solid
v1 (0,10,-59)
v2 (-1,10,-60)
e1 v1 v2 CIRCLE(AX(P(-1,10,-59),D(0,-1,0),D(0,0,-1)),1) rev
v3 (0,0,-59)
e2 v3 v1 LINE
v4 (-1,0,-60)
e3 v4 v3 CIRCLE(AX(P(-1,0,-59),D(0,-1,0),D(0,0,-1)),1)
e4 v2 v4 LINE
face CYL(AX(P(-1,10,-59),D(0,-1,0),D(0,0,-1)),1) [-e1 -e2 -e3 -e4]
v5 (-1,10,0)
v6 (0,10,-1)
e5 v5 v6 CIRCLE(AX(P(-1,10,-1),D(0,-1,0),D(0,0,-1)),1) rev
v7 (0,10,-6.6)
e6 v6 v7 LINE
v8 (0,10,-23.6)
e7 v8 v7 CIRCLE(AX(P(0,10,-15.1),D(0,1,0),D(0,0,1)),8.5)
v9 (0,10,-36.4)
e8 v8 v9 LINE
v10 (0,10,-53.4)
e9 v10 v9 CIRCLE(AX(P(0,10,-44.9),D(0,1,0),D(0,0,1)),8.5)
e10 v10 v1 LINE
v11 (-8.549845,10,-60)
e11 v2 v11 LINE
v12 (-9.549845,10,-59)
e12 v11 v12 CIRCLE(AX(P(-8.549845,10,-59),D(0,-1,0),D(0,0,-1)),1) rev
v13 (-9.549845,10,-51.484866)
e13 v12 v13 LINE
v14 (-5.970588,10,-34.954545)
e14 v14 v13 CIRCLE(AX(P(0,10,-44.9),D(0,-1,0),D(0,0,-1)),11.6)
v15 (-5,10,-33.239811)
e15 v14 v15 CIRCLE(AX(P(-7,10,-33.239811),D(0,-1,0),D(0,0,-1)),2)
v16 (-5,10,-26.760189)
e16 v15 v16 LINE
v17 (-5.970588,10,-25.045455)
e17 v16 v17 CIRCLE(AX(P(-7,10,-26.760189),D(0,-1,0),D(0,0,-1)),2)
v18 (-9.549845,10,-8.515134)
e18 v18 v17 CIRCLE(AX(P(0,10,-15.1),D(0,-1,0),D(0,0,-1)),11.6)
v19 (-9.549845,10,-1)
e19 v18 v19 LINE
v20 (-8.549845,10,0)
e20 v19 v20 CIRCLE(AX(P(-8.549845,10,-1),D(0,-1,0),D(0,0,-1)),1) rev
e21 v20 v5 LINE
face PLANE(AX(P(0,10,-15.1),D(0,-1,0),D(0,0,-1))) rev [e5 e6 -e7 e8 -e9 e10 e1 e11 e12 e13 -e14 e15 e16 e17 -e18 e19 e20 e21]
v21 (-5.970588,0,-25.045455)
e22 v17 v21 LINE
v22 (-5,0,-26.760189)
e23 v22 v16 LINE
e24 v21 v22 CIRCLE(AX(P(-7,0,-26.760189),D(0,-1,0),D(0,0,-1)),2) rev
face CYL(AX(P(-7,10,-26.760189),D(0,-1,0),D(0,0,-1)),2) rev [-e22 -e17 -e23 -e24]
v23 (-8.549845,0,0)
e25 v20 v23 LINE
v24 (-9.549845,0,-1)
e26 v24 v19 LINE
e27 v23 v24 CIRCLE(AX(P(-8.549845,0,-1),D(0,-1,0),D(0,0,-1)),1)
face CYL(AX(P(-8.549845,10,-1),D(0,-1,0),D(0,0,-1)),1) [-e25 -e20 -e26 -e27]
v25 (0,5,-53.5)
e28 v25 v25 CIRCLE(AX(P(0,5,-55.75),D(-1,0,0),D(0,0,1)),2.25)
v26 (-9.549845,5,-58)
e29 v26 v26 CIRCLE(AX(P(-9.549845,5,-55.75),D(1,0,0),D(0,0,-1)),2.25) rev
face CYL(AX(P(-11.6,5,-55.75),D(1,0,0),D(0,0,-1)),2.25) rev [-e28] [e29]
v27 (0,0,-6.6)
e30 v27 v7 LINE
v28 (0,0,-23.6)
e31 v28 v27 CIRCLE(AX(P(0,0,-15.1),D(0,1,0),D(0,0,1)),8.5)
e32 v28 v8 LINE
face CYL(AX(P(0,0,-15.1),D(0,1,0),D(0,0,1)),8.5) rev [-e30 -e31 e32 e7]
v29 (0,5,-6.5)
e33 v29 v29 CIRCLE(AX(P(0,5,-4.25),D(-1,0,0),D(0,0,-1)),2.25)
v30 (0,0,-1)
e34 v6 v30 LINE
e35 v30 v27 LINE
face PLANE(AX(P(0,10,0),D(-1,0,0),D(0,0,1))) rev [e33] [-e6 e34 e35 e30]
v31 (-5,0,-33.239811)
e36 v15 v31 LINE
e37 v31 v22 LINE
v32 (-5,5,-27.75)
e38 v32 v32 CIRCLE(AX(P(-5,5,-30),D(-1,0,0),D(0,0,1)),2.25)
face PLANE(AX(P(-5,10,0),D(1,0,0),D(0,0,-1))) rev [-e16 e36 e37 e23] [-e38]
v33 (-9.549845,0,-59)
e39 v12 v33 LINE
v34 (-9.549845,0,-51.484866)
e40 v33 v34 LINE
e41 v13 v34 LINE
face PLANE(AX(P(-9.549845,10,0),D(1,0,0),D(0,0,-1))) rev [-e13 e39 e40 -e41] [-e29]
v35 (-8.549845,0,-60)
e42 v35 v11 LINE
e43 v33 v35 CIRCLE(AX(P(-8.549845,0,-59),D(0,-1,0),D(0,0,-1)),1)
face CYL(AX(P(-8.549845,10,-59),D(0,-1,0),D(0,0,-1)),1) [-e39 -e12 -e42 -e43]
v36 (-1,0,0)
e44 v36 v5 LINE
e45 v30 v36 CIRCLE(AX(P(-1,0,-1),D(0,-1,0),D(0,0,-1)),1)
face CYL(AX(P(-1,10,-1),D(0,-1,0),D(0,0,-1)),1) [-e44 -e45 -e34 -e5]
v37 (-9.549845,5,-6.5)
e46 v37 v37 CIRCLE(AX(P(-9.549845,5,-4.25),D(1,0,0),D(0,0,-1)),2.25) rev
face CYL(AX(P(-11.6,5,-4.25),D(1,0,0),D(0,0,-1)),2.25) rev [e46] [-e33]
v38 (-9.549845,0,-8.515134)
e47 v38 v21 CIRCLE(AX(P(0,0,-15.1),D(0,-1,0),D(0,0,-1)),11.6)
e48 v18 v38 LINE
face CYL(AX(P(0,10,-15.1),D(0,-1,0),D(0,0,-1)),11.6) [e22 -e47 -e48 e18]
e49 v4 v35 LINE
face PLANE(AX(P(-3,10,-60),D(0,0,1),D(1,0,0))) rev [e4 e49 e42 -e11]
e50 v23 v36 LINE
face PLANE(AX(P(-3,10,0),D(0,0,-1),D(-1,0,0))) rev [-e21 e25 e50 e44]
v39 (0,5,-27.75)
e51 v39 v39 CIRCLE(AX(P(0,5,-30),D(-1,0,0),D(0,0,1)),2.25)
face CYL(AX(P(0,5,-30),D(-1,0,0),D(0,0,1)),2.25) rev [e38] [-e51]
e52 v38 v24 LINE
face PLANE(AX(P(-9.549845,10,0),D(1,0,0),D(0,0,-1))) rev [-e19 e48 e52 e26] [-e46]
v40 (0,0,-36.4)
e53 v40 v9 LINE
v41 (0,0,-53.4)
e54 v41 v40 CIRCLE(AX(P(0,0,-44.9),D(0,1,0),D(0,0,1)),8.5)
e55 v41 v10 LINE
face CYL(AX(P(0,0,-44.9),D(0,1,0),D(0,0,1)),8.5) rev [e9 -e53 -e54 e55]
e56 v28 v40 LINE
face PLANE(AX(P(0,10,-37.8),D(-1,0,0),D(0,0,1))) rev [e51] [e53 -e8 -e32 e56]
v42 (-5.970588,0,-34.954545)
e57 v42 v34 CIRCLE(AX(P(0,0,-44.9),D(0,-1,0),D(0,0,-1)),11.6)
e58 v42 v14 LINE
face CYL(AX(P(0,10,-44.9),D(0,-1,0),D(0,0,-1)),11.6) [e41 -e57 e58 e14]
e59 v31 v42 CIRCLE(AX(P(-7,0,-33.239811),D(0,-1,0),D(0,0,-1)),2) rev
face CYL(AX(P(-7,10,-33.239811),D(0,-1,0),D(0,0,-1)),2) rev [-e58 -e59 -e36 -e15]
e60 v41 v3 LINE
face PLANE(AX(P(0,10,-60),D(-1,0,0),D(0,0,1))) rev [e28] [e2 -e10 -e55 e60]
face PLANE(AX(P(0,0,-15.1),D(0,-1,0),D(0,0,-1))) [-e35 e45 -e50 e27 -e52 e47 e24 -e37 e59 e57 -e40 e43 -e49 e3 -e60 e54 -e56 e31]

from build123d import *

# Parameters (mm, degrees)
EXTRUDE_1_DEPTH     = 10
EXTRUDE_START       = -10
EXTRUDE_2_DEPTH     = 10
EXTRUDE_4_DEPTH     = 10
SKETCH_3_R          = 2.25
CUT_EXTRUDE_4_DEPTH = 62.923824171
SKETCH_4_R          = 2.25
CUT_EXTRUDE_2_DEPTH = 62.184638595
FILLET_2_R          = 1
EXTRUDE_3_DEPTH     = 10
CUT_EXTRUDE_3_DEPTH = 62.923824171
FILLET_3_R          = 1
FILLET_4_R          = 2


with BuildPart() as part:
    # Эскиз1 → Бобышка-Вытянуть1 (new body)
    with BuildSketch(Plane(origin=(0, 0, 0), x_dir=(1, 0, 0), z_dir=(0, 1, 0))):
        with BuildLine():
            Line((0, 0), (0, 8))
            ThreePointArc((0, 8), (-7.1, 15.1), (0, 22.2))
            Line((0, 22.2), (0, 37.8))
            ThreePointArc((0, 37.8), (-7.1, 44.9), (0, 52))
            Line((0, 52), (0, 60))
            Line((0, 60), (-3, 60))
            Line((-3, 60), (-3, 54.544169223))
            ThreePointArc((-3, 54.544169223), (-10.1, 44.9), (-3, 35.255830777))
            Line((-3, 35.255830777), (-3, 24.744169223))
            ThreePointArc((-3, 24.744169223), (-10.1, 15.1), (-3, 5.455830777))
            Line((-3, 5.455830777), (-3, 0))
            Line((-3, 0), (0, 0))
        make_face()
    extrude(amount=EXTRUDE_1_DEPTH)

    # Эскиз2 → Бобышка-Вытянуть2 (add)
    with BuildSketch(Plane(origin=(0, 10, 0), x_dir=(1, 0, 0), z_dir=(0, 1, 0)).offset(EXTRUDE_START)):
        with BuildLine():
            Line((-3, 60), (-8.049844719, 60))
            Line((-8.049844719, 60), (-8.049844719, 51))
            ThreePointArc((-8.049844719, 51), (-5.802159163, 53.167100402), (-3, 54.544169223))
            Line((-3, 54.544169223), (-3, 60))
        make_face()
        with BuildLine():
            Line((-3, 0), (-3, 5.455830777))
            ThreePointArc((-3, 5.455830777), (-5.802159163, 6.832899598), (-8.049844719, 9))
            Line((-8.049844719, 9), (-8.049844719, 0))
            Line((-8.049844719, 0), (-3, 0))
        make_face()
    extrude(amount=EXTRUDE_2_DEPTH)

    # Эскиз9 → Бобышка-Вытянуть4 (add, through all)
    with BuildSketch(Plane.XZ):
        with BuildLine():
            Line((-5, -25.567091287), (-5, -34.432908713))
            ThreePointArc((-5, -34.432908713), (-11.207890559, -41.909483454), (-9.549844719, -51.484866426))
            Line((-9.549844719, -51.484866426), (-9.549844719, -60))
            Line((-9.549844719, -60), (-8.049844719, -60))
            Line((-8.049844719, -60), (-8.049844719, -51))
            ThreePointArc((-8.049844719, -51), (-9.617405222, -41.81527687), (-3, -35.255830777))
            Line((-3, -35.255830777), (-3, -24.744169223))
            ThreePointArc((-3, -24.744169223), (-9.617405222, -18.18472313), (-8.049844719, -9))
            Line((-8.049844719, -9), (-8.049844719, 0))
            Line((-8.049844719, 0), (-9.549844719, 0))
            Line((-9.549844719, 0), (-9.549844719, -8.515133574))
            ThreePointArc((-9.549844719, -8.515133574), (-11.207890559, -18.090516546), (-5, -25.567091287))
        make_face()
    extrude(amount=-EXTRUDE_4_DEPTH)

    # Эскиз3 → Вырез-Вытянуть4 (cut, through all)
    with BuildSketch(Plane.ZY):
        with Locations(Location((-55.75, 5, 0), (0, 0, 180))):
            Circle(SKETCH_3_R)
        with Locations(Location((-4.25, 5, 0), (0, 0, 180))):
            Circle(SKETCH_3_R)
    extrude(amount=CUT_EXTRUDE_4_DEPTH, mode=Mode.SUBTRACT)

    # Эскиз4 → Вырез-Вытянуть2 (cut, through all)
    with BuildSketch(Plane.ZY.offset(5)):
        with Locations((-30, 5)):
            Circle(SKETCH_4_R)
    extrude(amount=-CUT_EXTRUDE_2_DEPTH, mode=Mode.SUBTRACT)

    # Скругление2
    fillet_2_edges = [part.edges().sort_by_distance(p)[0] for p in [
        (0, 5, -60),
        (0, 5, 0),
    ]]
    fillet(fillet_2_edges, radius=FILLET_2_R)

    # Эскиз5 → Бобышка-Вытянуть3 (add, through all)
    with BuildSketch(Plane.XZ):
        with BuildLine():
            Line((0, -8), (0, -8.1))
            ThreePointArc((0, -8.1), (-7, -15.1), (0, -22.1))
            Line((0, -22.1), (0, -22.2))
            ThreePointArc((0, -22.2), (-7.1, -15.1), (0, -8))
        make_face()
        with BuildLine():
            Line((0, -51.9), (0, -52))
            ThreePointArc((0, -52), (-7.1, -44.9), (0, -37.8))
            Line((0, -37.8), (0, -37.9))
            ThreePointArc((0, -37.9), (-7, -44.9), (0, -51.9))
        make_face()
    extrude(amount=-EXTRUDE_3_DEPTH)

    # Эскиз7 → Вырез-Вытянуть3 (cut, through all)
    with BuildSketch(Plane(origin=(0, 10, 0), x_dir=(1, 0, 0), z_dir=(0, 1, 0))):
        with BuildLine():
            Line((0, 51.9), (0, 53.4))
            ThreePointArc((0, 53.4), (-8.5, 44.9), (0, 36.4))
            Line((0, 36.4), (0, 37.9))
            ThreePointArc((0, 37.9), (-7, 44.9), (0, 51.9))
        make_face()
        with BuildLine():
            Line((0, 22.1), (0, 23.6))
            ThreePointArc((0, 23.6), (-8.5, 15.1), (0, 6.6))
            Line((0, 6.6), (0, 8.1))
            ThreePointArc((0, 8.1), (-7, 15.1), (0, 22.1))
        make_face()
    extrude(amount=-CUT_EXTRUDE_3_DEPTH, mode=Mode.SUBTRACT)

    # Скругление3
    fillet_3_edges = [part.edges().sort_by_distance(p)[0] for p in [
        (-9.549844719, 5, 0),
        (-9.549844719, 5, -60),
    ]]
    fillet(fillet_3_edges, radius=FILLET_3_R)

    # Скругление4
    fillet_4_edges = [part.edges().sort_by_distance(p)[0] for p in [
        (-5, 5, -34.432908713),
        (-5, 5, -25.567091287),
    ]]
    fillet(fillet_4_edges, radius=FILLET_4_R)


solid = part.part
